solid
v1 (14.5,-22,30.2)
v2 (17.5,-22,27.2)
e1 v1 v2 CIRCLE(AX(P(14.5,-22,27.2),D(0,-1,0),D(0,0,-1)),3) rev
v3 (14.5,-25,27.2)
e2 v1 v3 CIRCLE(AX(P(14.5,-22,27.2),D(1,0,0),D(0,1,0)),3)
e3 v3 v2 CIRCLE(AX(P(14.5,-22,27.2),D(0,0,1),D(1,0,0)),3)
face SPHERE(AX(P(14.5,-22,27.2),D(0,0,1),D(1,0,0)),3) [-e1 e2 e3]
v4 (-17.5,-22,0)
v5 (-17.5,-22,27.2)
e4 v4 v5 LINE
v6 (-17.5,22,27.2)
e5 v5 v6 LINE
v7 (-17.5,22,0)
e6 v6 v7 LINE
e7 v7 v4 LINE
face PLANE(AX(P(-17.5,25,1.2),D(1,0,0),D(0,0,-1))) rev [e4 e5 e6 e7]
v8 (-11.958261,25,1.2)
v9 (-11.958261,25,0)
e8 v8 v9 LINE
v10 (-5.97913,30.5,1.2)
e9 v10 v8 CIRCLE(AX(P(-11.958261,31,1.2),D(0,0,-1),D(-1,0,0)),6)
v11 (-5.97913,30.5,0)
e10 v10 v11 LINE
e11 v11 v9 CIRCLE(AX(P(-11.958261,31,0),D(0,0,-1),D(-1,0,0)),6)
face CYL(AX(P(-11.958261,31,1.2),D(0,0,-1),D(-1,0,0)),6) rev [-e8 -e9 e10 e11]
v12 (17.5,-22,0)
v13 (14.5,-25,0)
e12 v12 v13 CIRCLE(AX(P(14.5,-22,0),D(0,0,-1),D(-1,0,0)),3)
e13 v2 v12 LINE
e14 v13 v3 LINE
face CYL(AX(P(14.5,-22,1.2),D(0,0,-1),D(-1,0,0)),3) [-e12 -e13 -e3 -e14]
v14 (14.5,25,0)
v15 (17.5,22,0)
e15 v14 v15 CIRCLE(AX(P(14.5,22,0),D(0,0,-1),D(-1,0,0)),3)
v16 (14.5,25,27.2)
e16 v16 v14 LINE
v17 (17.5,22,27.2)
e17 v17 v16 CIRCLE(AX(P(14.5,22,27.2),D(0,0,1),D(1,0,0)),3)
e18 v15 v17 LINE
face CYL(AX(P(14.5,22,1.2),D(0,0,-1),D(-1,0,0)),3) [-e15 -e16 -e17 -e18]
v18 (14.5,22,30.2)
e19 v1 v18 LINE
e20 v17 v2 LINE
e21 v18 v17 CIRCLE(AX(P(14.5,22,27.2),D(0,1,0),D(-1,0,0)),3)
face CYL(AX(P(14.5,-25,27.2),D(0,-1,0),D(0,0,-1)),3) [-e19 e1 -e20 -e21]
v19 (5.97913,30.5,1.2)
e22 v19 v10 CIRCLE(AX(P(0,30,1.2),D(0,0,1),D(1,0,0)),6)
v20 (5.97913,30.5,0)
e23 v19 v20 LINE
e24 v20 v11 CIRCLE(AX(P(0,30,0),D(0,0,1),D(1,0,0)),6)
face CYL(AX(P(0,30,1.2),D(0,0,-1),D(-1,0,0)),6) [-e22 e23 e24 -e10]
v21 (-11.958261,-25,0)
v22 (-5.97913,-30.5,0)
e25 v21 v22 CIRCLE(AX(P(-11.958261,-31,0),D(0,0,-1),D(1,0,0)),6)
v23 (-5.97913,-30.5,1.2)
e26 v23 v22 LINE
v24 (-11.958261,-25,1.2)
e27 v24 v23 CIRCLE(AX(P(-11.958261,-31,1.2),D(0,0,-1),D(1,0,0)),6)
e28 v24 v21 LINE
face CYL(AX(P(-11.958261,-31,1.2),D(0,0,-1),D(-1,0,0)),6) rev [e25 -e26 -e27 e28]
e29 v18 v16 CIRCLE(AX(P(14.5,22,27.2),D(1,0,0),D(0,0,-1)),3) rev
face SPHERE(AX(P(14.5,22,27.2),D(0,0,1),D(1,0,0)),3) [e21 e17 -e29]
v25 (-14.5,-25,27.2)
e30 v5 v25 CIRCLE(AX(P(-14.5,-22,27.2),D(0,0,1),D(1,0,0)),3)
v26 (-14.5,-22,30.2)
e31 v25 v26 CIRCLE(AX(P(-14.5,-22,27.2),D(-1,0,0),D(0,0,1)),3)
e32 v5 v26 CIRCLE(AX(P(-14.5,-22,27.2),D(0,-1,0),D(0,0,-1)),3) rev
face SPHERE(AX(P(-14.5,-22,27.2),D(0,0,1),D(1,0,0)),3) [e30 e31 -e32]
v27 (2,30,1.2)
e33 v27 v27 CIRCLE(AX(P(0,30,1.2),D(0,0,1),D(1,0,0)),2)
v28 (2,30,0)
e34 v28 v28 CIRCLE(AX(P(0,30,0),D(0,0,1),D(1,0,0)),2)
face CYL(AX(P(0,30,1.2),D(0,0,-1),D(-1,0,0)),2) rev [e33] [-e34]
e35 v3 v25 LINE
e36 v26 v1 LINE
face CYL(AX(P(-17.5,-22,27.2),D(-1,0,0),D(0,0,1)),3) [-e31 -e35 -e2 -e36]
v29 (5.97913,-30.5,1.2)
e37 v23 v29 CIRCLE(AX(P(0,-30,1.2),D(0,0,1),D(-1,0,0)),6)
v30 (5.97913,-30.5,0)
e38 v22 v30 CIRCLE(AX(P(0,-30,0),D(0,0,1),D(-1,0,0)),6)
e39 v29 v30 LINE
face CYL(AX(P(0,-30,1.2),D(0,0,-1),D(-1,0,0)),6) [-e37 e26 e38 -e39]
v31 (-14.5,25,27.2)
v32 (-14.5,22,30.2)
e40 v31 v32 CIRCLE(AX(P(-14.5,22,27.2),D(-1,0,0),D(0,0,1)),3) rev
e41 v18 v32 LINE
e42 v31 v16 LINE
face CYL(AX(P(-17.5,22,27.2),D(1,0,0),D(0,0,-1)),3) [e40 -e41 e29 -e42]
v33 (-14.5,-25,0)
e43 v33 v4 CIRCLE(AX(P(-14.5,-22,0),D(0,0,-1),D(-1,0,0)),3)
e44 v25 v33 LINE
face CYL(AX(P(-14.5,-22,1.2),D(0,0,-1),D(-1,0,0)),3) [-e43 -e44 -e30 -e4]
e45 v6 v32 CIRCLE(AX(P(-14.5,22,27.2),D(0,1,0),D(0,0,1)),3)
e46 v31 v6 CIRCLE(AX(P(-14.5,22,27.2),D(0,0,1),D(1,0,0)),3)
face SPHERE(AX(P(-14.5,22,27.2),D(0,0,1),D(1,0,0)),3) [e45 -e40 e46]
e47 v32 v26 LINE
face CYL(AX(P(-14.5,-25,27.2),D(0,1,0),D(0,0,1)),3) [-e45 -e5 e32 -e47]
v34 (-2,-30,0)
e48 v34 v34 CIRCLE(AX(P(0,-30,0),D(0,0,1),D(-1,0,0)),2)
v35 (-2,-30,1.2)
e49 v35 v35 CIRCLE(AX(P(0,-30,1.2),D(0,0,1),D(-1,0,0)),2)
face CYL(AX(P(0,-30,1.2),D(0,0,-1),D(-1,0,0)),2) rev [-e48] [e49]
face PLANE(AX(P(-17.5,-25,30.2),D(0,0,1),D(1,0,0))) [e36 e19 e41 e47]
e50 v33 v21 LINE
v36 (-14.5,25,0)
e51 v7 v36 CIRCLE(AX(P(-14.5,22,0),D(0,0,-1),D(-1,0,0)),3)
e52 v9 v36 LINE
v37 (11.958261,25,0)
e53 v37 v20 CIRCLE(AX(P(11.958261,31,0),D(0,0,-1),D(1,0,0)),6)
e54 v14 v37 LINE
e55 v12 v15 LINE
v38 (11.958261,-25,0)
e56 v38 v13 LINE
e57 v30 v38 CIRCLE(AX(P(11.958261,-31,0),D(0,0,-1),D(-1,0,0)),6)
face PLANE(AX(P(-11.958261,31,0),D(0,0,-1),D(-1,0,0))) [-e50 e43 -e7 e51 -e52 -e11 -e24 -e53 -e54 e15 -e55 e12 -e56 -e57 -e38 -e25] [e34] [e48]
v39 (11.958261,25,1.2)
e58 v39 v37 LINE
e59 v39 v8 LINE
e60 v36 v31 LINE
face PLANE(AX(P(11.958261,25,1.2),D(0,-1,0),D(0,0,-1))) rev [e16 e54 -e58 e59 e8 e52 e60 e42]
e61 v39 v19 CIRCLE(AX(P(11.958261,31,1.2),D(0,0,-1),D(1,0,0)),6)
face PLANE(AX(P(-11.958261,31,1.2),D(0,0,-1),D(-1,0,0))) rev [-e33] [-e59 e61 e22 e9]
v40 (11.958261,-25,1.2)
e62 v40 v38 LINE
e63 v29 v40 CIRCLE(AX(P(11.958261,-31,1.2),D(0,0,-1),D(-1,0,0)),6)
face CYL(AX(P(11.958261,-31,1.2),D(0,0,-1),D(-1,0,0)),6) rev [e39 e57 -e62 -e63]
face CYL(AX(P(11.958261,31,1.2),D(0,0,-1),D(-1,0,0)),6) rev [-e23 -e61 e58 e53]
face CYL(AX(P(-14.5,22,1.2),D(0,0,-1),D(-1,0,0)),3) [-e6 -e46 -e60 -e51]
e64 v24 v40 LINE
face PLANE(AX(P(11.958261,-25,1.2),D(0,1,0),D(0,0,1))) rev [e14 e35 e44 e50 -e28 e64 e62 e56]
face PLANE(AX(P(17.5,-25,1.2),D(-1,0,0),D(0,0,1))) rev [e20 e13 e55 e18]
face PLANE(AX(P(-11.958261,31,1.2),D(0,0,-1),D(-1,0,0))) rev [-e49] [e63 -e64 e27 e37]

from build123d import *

# Parameters (mm, degrees)
SKETCH_1_R      = 2
EXTRUDE_1_DEPTH = 1.2
SKETCH_5_W      = 35
SKETCH_5_H      = 50
EXTRUDE_2_DEPTH = 29
FILLET_1_R      = 3


with BuildPart() as part:
    # 草图1 → 拉伸1 (new body)
    with BuildSketch(Plane.XY):
        with BuildLine():
            Line((-11.958260743, 25), (-17.5, 25))
            Line((-17.5, 25), (-17.5, -25))
            Line((-17.5, -25), (-11.958260743, -25))
            ThreePointArc((-11.958260743, -25), (-7.896241541, -26.584119567), (-5.979130372, -30.5))
            ThreePointArc((-5.979130372, -30.5), (0, -36), (5.979130372, -30.5))
            ThreePointArc((5.979130372, -30.5), (7.896241541, -26.584119567), (11.958260743, -25))
            Line((11.958260743, -25), (17.5, -25))
            Line((17.5, -25), (17.5, 25))
            Line((17.5, 25), (11.958260743, 25))
            ThreePointArc((11.958260743, 25), (7.896241541, 26.584119567), (5.979130372, 30.5))
            ThreePointArc((5.979130372, 30.5), (0, 36), (-5.979130372, 30.5))
            ThreePointArc((-5.979130372, 30.5), (-7.896241541, 26.584119567), (-11.958260743, 25))
        make_face()
        with Locations((0, 30)):
            Circle(SKETCH_1_R, mode=Mode.SUBTRACT)
        with Locations(Location((0, -30, 0), (0, 0, 180))):
            Circle(SKETCH_1_R, mode=Mode.SUBTRACT)
    extrude(amount=EXTRUDE_1_DEPTH)

    # 草图5 → 拉伸2 (add)
    with BuildSketch(Plane.XY.offset(1.2)):
        Rectangle(SKETCH_5_W, SKETCH_5_H)
    extrude(amount=EXTRUDE_2_DEPTH)

    # 圆角1
    fillet_1_edges = [part.edges().sort_by_distance(p)[0] for p in [
        (17.5, 25, 15.1),
        (17.5, -25, 15.1),
        (-17.5, -25, 15.1),
        (-17.5, 25, 15.1),
        (-17.5, 0, 30.2),
        (0, -25, 30.2),
        (17.5, 0, 30.2),
        (0, 25, 30.2),
    ]]
    fillet(fillet_1_edges, radius=FILLET_1_R)


solid = part.part
